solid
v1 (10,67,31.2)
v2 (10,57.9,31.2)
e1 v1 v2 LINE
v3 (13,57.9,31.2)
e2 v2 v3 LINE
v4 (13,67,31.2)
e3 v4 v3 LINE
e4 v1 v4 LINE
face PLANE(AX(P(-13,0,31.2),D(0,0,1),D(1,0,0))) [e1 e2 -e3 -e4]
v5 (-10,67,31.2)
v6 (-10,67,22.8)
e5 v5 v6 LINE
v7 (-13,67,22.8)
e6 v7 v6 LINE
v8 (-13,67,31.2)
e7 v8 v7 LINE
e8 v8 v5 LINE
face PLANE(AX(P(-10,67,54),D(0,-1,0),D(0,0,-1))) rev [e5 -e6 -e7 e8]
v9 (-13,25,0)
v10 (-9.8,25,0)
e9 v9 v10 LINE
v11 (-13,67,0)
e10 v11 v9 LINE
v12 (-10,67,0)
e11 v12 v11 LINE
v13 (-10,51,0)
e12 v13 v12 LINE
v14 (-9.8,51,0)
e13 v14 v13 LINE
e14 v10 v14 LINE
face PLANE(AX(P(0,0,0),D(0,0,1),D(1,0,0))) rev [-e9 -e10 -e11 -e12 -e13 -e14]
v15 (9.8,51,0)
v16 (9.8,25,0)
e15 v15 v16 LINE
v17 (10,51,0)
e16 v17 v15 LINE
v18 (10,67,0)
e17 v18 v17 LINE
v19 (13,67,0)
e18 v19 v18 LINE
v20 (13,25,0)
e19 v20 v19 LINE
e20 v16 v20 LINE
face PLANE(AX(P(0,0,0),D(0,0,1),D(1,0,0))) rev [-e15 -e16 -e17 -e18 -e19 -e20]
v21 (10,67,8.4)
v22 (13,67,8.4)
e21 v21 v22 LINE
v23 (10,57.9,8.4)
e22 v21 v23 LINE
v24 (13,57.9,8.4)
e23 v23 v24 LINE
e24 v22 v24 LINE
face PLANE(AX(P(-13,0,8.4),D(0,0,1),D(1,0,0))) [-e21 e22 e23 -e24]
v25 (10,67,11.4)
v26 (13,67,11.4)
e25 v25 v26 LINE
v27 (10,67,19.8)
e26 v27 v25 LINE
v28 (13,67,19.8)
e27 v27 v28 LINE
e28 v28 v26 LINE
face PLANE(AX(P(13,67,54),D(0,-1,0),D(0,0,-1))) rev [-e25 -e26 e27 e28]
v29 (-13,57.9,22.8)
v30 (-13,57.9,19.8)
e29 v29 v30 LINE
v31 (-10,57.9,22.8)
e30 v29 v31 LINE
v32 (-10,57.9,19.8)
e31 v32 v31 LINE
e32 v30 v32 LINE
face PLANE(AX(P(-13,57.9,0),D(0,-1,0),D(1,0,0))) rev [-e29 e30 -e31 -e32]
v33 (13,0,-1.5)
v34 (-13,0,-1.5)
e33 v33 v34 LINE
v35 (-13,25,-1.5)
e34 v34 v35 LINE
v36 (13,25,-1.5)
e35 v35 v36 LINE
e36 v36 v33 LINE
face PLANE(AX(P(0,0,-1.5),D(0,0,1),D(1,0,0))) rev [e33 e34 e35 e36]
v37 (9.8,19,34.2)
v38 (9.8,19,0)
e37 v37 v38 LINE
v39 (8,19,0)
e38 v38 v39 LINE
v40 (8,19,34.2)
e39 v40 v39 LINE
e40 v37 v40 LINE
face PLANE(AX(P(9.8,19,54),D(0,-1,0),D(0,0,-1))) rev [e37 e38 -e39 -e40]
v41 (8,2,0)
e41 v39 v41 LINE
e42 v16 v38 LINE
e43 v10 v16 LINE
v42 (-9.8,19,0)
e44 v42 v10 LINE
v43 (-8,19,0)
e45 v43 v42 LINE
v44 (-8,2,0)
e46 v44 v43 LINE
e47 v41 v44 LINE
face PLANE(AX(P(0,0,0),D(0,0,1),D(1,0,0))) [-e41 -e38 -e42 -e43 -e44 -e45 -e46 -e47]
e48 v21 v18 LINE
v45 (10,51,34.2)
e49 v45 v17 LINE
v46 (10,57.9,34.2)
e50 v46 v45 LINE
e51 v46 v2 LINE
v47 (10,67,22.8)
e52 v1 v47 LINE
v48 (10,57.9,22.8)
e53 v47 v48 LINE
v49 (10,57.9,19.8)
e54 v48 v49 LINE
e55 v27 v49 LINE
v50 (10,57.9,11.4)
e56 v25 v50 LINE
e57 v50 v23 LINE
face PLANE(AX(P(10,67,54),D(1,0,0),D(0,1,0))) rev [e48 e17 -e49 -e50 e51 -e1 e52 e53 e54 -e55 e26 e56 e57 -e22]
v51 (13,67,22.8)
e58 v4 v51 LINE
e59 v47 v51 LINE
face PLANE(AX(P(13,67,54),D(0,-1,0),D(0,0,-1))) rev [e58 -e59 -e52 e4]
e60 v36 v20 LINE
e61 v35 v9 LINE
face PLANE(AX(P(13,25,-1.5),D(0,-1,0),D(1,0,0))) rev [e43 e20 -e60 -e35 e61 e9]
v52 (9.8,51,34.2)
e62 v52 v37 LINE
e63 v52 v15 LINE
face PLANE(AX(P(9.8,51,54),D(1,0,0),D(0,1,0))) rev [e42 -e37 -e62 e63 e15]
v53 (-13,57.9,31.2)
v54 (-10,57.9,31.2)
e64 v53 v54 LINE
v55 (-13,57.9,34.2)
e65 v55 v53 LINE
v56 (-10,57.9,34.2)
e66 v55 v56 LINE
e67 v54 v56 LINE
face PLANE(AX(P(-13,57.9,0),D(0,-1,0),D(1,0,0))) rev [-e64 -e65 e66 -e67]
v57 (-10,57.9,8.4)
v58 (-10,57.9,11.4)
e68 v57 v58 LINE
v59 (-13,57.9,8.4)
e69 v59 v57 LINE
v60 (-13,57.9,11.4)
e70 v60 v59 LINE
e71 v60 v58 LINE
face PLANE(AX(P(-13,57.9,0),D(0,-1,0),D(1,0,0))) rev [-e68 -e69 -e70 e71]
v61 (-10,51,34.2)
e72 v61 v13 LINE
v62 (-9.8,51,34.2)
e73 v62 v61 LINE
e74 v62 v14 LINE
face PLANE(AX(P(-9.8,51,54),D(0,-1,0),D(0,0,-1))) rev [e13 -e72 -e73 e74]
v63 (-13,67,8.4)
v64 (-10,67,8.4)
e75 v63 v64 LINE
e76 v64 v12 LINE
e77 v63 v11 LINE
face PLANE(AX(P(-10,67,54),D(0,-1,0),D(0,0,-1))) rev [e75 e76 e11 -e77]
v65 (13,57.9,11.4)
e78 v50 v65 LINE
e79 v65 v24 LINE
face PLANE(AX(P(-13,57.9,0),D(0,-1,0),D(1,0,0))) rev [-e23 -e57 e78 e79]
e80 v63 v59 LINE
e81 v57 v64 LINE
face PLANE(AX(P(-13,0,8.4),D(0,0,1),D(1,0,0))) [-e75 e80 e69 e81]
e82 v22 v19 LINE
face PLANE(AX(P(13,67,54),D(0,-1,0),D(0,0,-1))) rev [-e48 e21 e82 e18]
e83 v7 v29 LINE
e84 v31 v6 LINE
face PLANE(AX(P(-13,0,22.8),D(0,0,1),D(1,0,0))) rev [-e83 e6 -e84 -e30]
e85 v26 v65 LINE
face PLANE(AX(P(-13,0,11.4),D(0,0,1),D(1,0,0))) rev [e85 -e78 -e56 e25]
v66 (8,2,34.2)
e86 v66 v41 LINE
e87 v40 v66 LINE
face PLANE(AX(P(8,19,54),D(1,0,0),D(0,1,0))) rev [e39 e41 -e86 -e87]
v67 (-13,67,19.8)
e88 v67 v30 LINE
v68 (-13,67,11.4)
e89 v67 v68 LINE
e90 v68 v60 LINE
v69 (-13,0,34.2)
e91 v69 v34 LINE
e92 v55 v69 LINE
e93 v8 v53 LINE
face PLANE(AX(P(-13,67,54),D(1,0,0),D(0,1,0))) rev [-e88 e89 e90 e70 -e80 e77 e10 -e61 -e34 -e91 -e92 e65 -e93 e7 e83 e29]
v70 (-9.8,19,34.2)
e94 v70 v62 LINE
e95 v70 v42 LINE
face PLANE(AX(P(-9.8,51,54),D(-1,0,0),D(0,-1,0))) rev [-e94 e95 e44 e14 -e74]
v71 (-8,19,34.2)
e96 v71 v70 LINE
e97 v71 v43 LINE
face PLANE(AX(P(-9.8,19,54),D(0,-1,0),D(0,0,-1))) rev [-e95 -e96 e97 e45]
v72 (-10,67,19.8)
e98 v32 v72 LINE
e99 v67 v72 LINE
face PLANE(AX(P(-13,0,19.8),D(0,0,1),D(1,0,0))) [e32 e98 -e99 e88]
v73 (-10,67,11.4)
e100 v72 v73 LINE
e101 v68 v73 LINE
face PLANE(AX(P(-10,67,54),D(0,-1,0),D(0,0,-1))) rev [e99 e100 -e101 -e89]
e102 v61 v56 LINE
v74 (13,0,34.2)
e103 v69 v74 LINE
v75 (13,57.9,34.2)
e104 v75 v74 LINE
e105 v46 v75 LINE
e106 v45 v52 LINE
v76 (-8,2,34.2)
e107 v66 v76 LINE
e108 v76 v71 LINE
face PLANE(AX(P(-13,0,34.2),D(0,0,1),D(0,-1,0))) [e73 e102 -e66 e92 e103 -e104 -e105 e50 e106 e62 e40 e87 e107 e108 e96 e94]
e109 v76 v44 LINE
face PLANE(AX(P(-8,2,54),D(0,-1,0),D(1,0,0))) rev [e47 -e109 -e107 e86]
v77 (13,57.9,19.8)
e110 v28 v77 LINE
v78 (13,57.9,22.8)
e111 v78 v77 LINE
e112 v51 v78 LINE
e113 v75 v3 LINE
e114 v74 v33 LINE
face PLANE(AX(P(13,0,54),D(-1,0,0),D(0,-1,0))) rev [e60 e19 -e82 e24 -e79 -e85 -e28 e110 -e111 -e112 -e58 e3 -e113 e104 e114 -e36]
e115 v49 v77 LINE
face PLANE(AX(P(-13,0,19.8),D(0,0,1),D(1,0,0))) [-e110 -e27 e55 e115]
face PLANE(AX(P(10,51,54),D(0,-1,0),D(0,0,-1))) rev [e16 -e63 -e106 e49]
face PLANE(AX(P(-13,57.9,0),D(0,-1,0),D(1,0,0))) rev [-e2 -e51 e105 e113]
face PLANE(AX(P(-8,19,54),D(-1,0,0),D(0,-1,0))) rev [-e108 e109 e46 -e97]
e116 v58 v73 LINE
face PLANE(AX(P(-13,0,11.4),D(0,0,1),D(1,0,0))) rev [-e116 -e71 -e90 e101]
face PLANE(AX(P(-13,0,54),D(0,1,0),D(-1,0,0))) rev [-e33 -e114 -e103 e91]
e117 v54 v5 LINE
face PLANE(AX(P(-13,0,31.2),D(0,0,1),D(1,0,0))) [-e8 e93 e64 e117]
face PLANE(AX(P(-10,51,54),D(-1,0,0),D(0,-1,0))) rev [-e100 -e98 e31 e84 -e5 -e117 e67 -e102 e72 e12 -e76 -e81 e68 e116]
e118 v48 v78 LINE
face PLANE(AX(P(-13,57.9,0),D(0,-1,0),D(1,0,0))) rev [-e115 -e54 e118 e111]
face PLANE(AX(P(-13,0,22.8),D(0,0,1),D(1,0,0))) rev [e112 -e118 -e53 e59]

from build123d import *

# Parameters (mm, degrees)
BOSS_EXTRUDE1_DEPTH = 54
SKETCH2_W           = 3
SKETCH2_H           = 9.1
CUT_EXTRUDE1_DEPTH  = 27
SKETCH3_W           = 26
SKETCH3_H           = 25
BOSS_EXTRUDE2_DEPTH = 1.5


with BuildPart() as part:
    # Sketch1 → Boss-Extrude1 (new body)
    with BuildSketch(Plane.XY):
        Polygon((-13, 67), (-13, 0), (13, 0), (13, 67), (10, 67), (10, 51), (9.8, 51), (9.8, 19), (8, 19), (8, 2), (-8, 2), (-8, 19), (-9.8, 19), (-9.8, 51), (-10, 51), (-10, 67), align=None)
    extrude(amount=BOSS_EXTRUDE1_DEPTH)

    # Sketch2 → Cut-Extrude1 (cut, through all)
    with BuildSketch(Plane(origin=(13, 0, 0), x_dir=(0, 0, -1), z_dir=(1, 0, 0))):
        Polygon((-45.6, 57.9), (-45.6, 67), (-54, 67), (-54, 0), (-34.2, 0), (-34.2, 57.9), (-34.2, 67), (-42.6, 67), (-42.6, 57.9), align=None)
        with Locations((-32.7, 62.45)):
            Rectangle(SKETCH2_W, SKETCH2_H)
        with Locations((-21.3, 62.45)):
            Rectangle(SKETCH2_W, SKETCH2_H)
        with Locations((-9.9, 62.45)):
            Rectangle(SKETCH2_W, SKETCH2_H)
        with Locations((-44.1, 62.45)):
            Rectangle(SKETCH2_W, SKETCH2_H)
    extrude(amount=-CUT_EXTRUDE1_DEPTH, mode=Mode.SUBTRACT)

    # Sketch3 → Boss-Extrude2 (add)
    with BuildSketch(Plane(origin=(0, 0, 0), x_dir=(-1, 0, 0), z_dir=(0, 0, -1))):
        with Locations((0, 12.5)):
            Rectangle(SKETCH3_W, SKETCH3_H)
    extrude(amount=BOSS_EXTRUDE2_DEPTH)


solid = part.part
